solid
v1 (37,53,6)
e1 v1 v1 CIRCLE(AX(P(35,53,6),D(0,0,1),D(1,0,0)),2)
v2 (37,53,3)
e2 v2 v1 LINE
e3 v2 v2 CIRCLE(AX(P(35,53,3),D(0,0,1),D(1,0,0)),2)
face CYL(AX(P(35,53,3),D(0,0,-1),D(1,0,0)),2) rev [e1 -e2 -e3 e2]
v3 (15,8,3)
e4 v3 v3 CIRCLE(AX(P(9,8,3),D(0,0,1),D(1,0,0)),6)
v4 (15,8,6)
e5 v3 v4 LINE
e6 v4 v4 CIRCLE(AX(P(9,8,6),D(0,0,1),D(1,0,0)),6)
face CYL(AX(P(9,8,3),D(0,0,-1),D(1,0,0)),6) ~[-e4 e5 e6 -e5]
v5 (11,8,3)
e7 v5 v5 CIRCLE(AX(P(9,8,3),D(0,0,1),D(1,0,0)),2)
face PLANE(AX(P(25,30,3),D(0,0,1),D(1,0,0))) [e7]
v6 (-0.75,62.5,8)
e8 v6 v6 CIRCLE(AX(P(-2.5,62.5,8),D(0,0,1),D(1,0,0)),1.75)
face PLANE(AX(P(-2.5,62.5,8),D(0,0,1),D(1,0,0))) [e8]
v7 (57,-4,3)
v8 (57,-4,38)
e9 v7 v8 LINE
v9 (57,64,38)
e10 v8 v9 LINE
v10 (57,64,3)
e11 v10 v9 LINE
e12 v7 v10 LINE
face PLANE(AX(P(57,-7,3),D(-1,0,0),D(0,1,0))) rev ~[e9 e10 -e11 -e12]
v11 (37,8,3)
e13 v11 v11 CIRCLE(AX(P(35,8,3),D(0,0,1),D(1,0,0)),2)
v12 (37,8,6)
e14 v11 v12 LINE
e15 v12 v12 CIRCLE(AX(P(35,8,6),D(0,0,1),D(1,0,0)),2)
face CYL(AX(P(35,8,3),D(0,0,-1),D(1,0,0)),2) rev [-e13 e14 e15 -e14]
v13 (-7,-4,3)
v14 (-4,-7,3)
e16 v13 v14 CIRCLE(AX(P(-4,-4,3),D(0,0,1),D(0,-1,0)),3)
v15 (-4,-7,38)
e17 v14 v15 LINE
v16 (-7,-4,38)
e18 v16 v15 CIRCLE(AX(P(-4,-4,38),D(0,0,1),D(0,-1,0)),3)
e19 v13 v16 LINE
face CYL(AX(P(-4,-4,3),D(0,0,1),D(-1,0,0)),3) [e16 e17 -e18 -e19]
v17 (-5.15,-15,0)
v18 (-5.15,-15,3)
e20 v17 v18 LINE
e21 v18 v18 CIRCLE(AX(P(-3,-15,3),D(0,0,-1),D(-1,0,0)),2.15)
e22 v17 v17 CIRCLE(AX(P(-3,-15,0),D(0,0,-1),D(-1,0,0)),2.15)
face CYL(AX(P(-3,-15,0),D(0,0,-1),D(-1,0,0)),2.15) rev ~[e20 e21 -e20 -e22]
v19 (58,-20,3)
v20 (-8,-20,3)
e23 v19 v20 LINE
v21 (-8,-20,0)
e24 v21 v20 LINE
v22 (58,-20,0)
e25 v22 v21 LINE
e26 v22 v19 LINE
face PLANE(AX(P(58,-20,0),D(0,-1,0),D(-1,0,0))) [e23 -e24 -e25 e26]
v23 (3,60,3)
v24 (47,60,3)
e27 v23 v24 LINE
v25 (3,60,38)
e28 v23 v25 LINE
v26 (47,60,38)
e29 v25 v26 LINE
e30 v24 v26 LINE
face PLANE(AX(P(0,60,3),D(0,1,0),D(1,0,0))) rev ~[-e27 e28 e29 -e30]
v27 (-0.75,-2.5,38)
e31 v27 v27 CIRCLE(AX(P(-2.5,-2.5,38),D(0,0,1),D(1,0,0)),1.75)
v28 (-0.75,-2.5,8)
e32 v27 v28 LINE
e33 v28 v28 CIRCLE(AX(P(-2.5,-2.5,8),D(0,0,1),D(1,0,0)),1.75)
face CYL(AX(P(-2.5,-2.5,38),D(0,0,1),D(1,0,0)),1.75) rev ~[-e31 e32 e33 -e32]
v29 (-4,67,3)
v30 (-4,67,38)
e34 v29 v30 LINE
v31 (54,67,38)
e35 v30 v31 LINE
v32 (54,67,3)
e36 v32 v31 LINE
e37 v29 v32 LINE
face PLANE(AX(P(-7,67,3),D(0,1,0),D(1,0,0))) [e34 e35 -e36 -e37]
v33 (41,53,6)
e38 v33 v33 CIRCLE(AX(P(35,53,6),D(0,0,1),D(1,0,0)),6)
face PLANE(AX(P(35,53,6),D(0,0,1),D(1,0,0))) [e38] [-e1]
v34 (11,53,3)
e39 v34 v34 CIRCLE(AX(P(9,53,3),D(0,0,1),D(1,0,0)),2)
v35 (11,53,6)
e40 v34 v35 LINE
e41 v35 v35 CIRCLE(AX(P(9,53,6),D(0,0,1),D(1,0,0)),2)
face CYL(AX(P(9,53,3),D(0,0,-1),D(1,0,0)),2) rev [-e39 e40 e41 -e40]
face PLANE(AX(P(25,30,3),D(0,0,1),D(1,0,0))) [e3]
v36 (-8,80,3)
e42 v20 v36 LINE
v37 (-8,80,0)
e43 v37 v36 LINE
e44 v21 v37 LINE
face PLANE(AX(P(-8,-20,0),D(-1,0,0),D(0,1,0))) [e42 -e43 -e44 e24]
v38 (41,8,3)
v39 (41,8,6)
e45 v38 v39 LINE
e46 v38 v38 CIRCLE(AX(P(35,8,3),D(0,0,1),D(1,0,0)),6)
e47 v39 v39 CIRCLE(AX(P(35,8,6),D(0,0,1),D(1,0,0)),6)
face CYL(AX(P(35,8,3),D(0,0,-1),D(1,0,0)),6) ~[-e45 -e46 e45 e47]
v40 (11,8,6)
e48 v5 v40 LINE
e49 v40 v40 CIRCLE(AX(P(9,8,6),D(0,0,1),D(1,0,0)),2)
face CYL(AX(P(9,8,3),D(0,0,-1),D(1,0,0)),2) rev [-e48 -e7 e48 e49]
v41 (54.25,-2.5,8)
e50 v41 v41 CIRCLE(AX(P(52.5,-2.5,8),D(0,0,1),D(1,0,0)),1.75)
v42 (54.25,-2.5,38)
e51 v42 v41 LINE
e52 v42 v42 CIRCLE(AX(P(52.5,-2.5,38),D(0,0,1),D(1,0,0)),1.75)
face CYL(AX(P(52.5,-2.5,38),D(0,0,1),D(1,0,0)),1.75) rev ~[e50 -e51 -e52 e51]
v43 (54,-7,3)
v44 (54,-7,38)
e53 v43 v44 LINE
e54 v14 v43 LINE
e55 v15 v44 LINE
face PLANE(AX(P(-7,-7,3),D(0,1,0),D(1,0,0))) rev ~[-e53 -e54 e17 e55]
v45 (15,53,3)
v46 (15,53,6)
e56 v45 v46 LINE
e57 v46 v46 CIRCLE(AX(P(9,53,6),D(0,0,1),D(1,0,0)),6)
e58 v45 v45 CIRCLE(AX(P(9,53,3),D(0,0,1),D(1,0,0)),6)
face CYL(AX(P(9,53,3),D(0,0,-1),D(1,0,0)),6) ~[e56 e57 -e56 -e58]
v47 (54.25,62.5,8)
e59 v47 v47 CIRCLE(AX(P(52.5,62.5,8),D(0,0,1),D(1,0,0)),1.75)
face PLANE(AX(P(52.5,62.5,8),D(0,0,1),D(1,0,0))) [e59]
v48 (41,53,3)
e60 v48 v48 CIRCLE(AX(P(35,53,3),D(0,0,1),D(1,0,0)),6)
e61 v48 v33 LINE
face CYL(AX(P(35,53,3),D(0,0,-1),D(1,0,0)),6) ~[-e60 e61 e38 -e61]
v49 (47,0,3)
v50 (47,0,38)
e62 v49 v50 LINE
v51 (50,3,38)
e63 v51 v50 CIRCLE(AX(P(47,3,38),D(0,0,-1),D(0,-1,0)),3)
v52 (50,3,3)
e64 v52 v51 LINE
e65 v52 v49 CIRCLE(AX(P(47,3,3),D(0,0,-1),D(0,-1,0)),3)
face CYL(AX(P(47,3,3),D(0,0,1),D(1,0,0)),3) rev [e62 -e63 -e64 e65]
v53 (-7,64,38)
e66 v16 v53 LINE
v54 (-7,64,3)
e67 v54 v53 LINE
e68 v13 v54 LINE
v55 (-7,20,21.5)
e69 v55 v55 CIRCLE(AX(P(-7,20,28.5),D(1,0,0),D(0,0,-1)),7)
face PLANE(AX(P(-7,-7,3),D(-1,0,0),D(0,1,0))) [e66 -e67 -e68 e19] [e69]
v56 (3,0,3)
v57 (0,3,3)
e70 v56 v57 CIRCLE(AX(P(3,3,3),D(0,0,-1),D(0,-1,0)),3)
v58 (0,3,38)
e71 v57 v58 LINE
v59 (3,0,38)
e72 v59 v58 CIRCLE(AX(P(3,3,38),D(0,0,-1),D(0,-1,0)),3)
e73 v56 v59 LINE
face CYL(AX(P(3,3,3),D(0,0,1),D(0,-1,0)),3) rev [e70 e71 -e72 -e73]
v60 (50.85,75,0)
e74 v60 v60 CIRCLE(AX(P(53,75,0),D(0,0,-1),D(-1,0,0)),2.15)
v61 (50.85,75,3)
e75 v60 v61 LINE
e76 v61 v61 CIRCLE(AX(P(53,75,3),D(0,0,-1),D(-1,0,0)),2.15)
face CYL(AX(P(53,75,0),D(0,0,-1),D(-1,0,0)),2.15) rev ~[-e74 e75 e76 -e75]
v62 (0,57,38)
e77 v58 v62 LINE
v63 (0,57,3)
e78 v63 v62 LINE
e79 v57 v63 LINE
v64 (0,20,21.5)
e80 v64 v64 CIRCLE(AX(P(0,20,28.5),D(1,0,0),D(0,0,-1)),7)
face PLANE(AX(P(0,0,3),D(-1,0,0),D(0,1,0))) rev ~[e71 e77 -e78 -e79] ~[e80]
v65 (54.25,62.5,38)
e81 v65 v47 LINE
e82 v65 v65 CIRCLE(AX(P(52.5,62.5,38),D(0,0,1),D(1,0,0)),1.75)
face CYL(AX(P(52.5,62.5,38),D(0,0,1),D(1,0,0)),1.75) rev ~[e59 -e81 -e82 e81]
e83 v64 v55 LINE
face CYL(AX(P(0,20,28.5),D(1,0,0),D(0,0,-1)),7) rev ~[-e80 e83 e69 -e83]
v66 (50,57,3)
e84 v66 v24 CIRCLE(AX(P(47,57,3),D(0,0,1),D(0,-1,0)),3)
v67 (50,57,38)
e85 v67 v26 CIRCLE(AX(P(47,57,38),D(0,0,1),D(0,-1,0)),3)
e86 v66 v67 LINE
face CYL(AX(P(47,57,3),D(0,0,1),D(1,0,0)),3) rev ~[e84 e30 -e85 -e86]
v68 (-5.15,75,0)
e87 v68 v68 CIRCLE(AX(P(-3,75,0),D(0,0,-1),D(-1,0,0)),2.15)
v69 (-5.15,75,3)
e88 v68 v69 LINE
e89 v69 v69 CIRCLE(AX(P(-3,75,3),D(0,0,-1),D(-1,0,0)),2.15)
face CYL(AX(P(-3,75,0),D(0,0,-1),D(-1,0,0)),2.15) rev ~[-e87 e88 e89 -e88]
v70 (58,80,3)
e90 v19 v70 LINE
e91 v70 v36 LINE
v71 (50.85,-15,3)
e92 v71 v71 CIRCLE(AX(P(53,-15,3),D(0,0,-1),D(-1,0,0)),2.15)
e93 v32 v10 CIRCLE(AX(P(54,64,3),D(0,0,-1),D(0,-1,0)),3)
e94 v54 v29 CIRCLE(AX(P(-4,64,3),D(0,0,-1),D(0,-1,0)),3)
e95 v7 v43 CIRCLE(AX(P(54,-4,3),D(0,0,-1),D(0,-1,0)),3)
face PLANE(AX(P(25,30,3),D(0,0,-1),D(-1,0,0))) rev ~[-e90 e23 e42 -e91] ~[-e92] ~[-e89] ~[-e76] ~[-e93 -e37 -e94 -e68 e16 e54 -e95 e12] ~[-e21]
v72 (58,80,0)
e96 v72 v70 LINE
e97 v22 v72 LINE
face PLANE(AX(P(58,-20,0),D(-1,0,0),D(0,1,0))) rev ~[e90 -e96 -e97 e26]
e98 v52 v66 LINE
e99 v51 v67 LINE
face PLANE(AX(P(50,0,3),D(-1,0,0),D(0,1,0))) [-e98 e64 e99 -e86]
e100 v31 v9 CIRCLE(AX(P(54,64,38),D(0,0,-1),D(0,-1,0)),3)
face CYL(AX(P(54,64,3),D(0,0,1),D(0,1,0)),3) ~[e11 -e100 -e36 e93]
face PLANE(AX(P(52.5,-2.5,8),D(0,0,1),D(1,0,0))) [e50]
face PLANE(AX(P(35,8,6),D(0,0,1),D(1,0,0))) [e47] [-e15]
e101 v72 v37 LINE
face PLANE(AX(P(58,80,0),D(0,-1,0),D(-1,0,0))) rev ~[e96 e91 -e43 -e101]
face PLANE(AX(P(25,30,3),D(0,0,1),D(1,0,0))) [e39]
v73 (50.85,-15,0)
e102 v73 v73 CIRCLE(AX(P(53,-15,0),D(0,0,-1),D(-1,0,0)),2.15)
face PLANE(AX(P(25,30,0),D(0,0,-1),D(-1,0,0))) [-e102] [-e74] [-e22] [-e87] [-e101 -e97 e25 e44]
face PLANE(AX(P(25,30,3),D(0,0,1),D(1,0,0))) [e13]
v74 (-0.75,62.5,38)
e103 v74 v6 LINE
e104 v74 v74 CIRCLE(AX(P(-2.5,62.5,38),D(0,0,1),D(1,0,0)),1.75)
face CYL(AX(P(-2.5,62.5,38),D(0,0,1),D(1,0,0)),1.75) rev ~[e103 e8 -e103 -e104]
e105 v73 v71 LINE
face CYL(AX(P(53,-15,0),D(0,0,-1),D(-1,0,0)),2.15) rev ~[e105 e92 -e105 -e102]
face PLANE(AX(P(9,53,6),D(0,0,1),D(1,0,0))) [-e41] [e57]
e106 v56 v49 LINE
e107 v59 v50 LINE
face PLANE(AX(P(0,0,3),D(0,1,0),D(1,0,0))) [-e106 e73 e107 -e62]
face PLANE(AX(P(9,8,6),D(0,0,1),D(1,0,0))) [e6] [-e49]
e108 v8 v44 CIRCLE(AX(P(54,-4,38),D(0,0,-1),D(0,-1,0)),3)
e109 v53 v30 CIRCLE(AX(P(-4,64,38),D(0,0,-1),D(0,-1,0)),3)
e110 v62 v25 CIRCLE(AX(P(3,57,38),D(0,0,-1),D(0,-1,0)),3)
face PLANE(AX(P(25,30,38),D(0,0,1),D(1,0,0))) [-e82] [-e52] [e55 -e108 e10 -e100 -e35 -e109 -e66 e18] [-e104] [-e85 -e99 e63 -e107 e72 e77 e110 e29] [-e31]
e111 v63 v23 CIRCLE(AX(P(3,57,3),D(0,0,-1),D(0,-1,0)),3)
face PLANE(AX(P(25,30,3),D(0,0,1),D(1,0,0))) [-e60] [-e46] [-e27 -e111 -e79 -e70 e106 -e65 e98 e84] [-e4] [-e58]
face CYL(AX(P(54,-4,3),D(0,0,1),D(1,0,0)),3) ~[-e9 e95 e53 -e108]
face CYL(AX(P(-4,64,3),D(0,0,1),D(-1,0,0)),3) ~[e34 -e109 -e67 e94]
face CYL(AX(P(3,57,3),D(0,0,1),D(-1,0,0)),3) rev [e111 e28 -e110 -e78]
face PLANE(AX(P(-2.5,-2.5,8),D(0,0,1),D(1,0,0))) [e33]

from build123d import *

# Parameters (mm, degrees)
SKICA1_W                    = 50
SKICA1_H                    = 60
P_IDAT_VYSUNUT_M2_DEPTH     = 3
SKICA3_W                    = 64
SKICA3_H                    = 74
SKICA3_W_2                  = 50
SKICA3_H_2                  = 60
VYSUNOUT_TENKOST_NN_1_DEPTH = 35
SKICA4_W                    = 66
SKICA4_H                    = 100
SKICA4_R                    = 2.15
SKICA4_W_2                  = 50
SKICA4_H_2                  = 60
P_IDAT_VYSUNUT_M5_DEPTH     = 3
SKICA2_R                    = 6
SKICA2_R_2                  = 2
VYSUNOUT_TENKOST_NN_2_DEPTH = 3
ZAOBLIT2_R                  = 3
ODEBRAT_VYSUNUT_M3_REACH    = 107.868
SKICA9_R                    = 7
ZAOBLIT4_R                  = 3
ZAOBLIT5_R                  = 3
ZAOBLIT6_R                  = 3
ZAOBLIT7_R                  = 3
SKICA10_R                   = 1.75
ODEBRAT_VYSUNUT_M4_DEPTH    = 30


with BuildPart() as part:
    # Skica1 → Přidat vysunutím2 (new body)
    with BuildSketch(Plane.XY):
        with Locations((25, 30)):
            Rectangle(SKICA1_W, SKICA1_H)
    extrude(amount=P_IDAT_VYSUNUT_M2_DEPTH)



with BuildPart() as body_2:
    # Skica3 → Vysunout tenkostěnný1 (new body)
    with BuildSketch(Plane.XY.offset(3)):
        with Locations((25, 30)):
            Rectangle(SKICA3_W, SKICA3_H)
        with Locations((25, 30)):
            Rectangle(SKICA3_W_2, SKICA3_H_2, mode=Mode.SUBTRACT)
    extrude(amount=VYSUNOUT_TENKOST_NN_1_DEPTH)


with BuildPart() as part_1:
    add(part.part)

    add(body_2.part)  # Přidat vysunutím5 merges body 2
    # Skica4 → Přidat vysunutím5 (add)
    with BuildSketch(Plane(origin=(0, 0, 0), x_dir=(-1, 0, 0), z_dir=(0, 0, -1))):
        with Locations((-25, 30)):
            Rectangle(SKICA4_W, SKICA4_H)
        with Locations((-53, 75)):
            Circle(SKICA4_R, mode=Mode.SUBTRACT)
        with Locations((3, 75)):
            Circle(SKICA4_R, mode=Mode.SUBTRACT)
        with Locations((3, -15)):
            Circle(SKICA4_R, mode=Mode.SUBTRACT)
        with Locations((-53, -15)):
            Circle(SKICA4_R, mode=Mode.SUBTRACT)
        with Locations((-25, 30)):
            Rectangle(SKICA4_W_2, SKICA4_H_2, mode=Mode.SUBTRACT)
    extrude(amount=-P_IDAT_VYSUNUT_M5_DEPTH)

    # Skica2 → Vysunout tenkostěnný2 (add)
    # profile 1 of 4: a face of its own
    with BuildSketch(Plane.XY.offset(3)):
        with Locations((9, 53)):
            Circle(SKICA2_R)
        with Locations((9, 53)):
            Circle(SKICA2_R_2, mode=Mode.SUBTRACT)
    # profile 2 of 4: a face of its own
    with BuildSketch(Plane.XY.offset(3)):
        with Locations((35, 53)):
            Circle(SKICA2_R)
        with Locations((35, 53)):
            Circle(SKICA2_R_2, mode=Mode.SUBTRACT)
    # profile 3 of 4: a face of its own
    with BuildSketch(Plane.XY.offset(3)):
        with Locations((35, 8)):
            Circle(SKICA2_R)
        with Locations((35, 8)):
            Circle(SKICA2_R_2, mode=Mode.SUBTRACT)
    # profile 4 of 4: a face of its own
    with BuildSketch(Plane.XY.offset(3)):
        with Locations((9, 8)):
            Circle(SKICA2_R)
        with Locations((9, 8)):
            Circle(SKICA2_R_2, mode=Mode.SUBTRACT)
    extrude(amount=VYSUNOUT_TENKOST_NN_2_DEPTH)

    # Zaoblit2
    zaoblit2_edges = [part_1.edges().sort_by_distance(p)[0] for p in [
        (-7, 67, 20.5),
        (-7, -7, 20.5),
        (57, -7, 20.5),
        (57, 67, 20.5),
    ]]
    fillet(zaoblit2_edges, radius=ZAOBLIT2_R)

    # Skica9 → Odebrat vysunutím3 (cut, up to next)
    with BuildSketch(Plane(origin=(0, 0, 0), x_dir=(0, 0, -1), z_dir=(1, 0, 0)), mode=Mode.PRIVATE) as odebrat_vysunut_m3_sk1:
        with Locations((-28.5, 20)):
            Circle(SKICA9_R)
    odebrat_vysunut_m3_tool1 = extrude(odebrat_vysunut_m3_sk1.sketch, amount=-ODEBRAT_VYSUNUT_M3_REACH, mode=Mode.PRIVATE) & part_1.part
    add(odebrat_vysunut_m3_tool1.solids().sort_by_distance((0, 20, 28.5))[0], mode=Mode.SUBTRACT)

    # Zaoblit4
    zaoblit4_edges = [part_1.edges().sort_by_distance(p)[0] for p in [
        (50, 60, 20.5),
    ]]
    fillet(zaoblit4_edges, radius=ZAOBLIT4_R)

    # Zaoblit5
    zaoblit5_edges = [part_1.edges().sort_by_distance(p)[0] for p in [
        (50, 0, 20.5),
    ]]
    fillet(zaoblit5_edges, radius=ZAOBLIT5_R)

    # Zaoblit6
    zaoblit6_edges = [part_1.edges().sort_by_distance(p)[0] for p in [
        (0, 0, 20.5),
    ]]
    fillet(zaoblit6_edges, radius=ZAOBLIT6_R)

    # Zaoblit7
    zaoblit7_edges = [part_1.edges().sort_by_distance(p)[0] for p in [
        (0, 60, 20.5),
    ]]
    fillet(zaoblit7_edges, radius=ZAOBLIT7_R)

    # Skica10 → Odebrat vysunutím4 (cut)
    with BuildSketch(Plane.XY.offset(38)):
        with Locations((-2.5, 62.5)):
            Circle(SKICA10_R)
        with Locations((52.5, 62.5)):
            Circle(SKICA10_R)
        with Locations((52.5, -2.5)):
            Circle(SKICA10_R)
        with Locations((-2.5, -2.5)):
            Circle(SKICA10_R)
    extrude(amount=-ODEBRAT_VYSUNUT_M4_DEPTH, mode=Mode.SUBTRACT)


solid = part_1.part
